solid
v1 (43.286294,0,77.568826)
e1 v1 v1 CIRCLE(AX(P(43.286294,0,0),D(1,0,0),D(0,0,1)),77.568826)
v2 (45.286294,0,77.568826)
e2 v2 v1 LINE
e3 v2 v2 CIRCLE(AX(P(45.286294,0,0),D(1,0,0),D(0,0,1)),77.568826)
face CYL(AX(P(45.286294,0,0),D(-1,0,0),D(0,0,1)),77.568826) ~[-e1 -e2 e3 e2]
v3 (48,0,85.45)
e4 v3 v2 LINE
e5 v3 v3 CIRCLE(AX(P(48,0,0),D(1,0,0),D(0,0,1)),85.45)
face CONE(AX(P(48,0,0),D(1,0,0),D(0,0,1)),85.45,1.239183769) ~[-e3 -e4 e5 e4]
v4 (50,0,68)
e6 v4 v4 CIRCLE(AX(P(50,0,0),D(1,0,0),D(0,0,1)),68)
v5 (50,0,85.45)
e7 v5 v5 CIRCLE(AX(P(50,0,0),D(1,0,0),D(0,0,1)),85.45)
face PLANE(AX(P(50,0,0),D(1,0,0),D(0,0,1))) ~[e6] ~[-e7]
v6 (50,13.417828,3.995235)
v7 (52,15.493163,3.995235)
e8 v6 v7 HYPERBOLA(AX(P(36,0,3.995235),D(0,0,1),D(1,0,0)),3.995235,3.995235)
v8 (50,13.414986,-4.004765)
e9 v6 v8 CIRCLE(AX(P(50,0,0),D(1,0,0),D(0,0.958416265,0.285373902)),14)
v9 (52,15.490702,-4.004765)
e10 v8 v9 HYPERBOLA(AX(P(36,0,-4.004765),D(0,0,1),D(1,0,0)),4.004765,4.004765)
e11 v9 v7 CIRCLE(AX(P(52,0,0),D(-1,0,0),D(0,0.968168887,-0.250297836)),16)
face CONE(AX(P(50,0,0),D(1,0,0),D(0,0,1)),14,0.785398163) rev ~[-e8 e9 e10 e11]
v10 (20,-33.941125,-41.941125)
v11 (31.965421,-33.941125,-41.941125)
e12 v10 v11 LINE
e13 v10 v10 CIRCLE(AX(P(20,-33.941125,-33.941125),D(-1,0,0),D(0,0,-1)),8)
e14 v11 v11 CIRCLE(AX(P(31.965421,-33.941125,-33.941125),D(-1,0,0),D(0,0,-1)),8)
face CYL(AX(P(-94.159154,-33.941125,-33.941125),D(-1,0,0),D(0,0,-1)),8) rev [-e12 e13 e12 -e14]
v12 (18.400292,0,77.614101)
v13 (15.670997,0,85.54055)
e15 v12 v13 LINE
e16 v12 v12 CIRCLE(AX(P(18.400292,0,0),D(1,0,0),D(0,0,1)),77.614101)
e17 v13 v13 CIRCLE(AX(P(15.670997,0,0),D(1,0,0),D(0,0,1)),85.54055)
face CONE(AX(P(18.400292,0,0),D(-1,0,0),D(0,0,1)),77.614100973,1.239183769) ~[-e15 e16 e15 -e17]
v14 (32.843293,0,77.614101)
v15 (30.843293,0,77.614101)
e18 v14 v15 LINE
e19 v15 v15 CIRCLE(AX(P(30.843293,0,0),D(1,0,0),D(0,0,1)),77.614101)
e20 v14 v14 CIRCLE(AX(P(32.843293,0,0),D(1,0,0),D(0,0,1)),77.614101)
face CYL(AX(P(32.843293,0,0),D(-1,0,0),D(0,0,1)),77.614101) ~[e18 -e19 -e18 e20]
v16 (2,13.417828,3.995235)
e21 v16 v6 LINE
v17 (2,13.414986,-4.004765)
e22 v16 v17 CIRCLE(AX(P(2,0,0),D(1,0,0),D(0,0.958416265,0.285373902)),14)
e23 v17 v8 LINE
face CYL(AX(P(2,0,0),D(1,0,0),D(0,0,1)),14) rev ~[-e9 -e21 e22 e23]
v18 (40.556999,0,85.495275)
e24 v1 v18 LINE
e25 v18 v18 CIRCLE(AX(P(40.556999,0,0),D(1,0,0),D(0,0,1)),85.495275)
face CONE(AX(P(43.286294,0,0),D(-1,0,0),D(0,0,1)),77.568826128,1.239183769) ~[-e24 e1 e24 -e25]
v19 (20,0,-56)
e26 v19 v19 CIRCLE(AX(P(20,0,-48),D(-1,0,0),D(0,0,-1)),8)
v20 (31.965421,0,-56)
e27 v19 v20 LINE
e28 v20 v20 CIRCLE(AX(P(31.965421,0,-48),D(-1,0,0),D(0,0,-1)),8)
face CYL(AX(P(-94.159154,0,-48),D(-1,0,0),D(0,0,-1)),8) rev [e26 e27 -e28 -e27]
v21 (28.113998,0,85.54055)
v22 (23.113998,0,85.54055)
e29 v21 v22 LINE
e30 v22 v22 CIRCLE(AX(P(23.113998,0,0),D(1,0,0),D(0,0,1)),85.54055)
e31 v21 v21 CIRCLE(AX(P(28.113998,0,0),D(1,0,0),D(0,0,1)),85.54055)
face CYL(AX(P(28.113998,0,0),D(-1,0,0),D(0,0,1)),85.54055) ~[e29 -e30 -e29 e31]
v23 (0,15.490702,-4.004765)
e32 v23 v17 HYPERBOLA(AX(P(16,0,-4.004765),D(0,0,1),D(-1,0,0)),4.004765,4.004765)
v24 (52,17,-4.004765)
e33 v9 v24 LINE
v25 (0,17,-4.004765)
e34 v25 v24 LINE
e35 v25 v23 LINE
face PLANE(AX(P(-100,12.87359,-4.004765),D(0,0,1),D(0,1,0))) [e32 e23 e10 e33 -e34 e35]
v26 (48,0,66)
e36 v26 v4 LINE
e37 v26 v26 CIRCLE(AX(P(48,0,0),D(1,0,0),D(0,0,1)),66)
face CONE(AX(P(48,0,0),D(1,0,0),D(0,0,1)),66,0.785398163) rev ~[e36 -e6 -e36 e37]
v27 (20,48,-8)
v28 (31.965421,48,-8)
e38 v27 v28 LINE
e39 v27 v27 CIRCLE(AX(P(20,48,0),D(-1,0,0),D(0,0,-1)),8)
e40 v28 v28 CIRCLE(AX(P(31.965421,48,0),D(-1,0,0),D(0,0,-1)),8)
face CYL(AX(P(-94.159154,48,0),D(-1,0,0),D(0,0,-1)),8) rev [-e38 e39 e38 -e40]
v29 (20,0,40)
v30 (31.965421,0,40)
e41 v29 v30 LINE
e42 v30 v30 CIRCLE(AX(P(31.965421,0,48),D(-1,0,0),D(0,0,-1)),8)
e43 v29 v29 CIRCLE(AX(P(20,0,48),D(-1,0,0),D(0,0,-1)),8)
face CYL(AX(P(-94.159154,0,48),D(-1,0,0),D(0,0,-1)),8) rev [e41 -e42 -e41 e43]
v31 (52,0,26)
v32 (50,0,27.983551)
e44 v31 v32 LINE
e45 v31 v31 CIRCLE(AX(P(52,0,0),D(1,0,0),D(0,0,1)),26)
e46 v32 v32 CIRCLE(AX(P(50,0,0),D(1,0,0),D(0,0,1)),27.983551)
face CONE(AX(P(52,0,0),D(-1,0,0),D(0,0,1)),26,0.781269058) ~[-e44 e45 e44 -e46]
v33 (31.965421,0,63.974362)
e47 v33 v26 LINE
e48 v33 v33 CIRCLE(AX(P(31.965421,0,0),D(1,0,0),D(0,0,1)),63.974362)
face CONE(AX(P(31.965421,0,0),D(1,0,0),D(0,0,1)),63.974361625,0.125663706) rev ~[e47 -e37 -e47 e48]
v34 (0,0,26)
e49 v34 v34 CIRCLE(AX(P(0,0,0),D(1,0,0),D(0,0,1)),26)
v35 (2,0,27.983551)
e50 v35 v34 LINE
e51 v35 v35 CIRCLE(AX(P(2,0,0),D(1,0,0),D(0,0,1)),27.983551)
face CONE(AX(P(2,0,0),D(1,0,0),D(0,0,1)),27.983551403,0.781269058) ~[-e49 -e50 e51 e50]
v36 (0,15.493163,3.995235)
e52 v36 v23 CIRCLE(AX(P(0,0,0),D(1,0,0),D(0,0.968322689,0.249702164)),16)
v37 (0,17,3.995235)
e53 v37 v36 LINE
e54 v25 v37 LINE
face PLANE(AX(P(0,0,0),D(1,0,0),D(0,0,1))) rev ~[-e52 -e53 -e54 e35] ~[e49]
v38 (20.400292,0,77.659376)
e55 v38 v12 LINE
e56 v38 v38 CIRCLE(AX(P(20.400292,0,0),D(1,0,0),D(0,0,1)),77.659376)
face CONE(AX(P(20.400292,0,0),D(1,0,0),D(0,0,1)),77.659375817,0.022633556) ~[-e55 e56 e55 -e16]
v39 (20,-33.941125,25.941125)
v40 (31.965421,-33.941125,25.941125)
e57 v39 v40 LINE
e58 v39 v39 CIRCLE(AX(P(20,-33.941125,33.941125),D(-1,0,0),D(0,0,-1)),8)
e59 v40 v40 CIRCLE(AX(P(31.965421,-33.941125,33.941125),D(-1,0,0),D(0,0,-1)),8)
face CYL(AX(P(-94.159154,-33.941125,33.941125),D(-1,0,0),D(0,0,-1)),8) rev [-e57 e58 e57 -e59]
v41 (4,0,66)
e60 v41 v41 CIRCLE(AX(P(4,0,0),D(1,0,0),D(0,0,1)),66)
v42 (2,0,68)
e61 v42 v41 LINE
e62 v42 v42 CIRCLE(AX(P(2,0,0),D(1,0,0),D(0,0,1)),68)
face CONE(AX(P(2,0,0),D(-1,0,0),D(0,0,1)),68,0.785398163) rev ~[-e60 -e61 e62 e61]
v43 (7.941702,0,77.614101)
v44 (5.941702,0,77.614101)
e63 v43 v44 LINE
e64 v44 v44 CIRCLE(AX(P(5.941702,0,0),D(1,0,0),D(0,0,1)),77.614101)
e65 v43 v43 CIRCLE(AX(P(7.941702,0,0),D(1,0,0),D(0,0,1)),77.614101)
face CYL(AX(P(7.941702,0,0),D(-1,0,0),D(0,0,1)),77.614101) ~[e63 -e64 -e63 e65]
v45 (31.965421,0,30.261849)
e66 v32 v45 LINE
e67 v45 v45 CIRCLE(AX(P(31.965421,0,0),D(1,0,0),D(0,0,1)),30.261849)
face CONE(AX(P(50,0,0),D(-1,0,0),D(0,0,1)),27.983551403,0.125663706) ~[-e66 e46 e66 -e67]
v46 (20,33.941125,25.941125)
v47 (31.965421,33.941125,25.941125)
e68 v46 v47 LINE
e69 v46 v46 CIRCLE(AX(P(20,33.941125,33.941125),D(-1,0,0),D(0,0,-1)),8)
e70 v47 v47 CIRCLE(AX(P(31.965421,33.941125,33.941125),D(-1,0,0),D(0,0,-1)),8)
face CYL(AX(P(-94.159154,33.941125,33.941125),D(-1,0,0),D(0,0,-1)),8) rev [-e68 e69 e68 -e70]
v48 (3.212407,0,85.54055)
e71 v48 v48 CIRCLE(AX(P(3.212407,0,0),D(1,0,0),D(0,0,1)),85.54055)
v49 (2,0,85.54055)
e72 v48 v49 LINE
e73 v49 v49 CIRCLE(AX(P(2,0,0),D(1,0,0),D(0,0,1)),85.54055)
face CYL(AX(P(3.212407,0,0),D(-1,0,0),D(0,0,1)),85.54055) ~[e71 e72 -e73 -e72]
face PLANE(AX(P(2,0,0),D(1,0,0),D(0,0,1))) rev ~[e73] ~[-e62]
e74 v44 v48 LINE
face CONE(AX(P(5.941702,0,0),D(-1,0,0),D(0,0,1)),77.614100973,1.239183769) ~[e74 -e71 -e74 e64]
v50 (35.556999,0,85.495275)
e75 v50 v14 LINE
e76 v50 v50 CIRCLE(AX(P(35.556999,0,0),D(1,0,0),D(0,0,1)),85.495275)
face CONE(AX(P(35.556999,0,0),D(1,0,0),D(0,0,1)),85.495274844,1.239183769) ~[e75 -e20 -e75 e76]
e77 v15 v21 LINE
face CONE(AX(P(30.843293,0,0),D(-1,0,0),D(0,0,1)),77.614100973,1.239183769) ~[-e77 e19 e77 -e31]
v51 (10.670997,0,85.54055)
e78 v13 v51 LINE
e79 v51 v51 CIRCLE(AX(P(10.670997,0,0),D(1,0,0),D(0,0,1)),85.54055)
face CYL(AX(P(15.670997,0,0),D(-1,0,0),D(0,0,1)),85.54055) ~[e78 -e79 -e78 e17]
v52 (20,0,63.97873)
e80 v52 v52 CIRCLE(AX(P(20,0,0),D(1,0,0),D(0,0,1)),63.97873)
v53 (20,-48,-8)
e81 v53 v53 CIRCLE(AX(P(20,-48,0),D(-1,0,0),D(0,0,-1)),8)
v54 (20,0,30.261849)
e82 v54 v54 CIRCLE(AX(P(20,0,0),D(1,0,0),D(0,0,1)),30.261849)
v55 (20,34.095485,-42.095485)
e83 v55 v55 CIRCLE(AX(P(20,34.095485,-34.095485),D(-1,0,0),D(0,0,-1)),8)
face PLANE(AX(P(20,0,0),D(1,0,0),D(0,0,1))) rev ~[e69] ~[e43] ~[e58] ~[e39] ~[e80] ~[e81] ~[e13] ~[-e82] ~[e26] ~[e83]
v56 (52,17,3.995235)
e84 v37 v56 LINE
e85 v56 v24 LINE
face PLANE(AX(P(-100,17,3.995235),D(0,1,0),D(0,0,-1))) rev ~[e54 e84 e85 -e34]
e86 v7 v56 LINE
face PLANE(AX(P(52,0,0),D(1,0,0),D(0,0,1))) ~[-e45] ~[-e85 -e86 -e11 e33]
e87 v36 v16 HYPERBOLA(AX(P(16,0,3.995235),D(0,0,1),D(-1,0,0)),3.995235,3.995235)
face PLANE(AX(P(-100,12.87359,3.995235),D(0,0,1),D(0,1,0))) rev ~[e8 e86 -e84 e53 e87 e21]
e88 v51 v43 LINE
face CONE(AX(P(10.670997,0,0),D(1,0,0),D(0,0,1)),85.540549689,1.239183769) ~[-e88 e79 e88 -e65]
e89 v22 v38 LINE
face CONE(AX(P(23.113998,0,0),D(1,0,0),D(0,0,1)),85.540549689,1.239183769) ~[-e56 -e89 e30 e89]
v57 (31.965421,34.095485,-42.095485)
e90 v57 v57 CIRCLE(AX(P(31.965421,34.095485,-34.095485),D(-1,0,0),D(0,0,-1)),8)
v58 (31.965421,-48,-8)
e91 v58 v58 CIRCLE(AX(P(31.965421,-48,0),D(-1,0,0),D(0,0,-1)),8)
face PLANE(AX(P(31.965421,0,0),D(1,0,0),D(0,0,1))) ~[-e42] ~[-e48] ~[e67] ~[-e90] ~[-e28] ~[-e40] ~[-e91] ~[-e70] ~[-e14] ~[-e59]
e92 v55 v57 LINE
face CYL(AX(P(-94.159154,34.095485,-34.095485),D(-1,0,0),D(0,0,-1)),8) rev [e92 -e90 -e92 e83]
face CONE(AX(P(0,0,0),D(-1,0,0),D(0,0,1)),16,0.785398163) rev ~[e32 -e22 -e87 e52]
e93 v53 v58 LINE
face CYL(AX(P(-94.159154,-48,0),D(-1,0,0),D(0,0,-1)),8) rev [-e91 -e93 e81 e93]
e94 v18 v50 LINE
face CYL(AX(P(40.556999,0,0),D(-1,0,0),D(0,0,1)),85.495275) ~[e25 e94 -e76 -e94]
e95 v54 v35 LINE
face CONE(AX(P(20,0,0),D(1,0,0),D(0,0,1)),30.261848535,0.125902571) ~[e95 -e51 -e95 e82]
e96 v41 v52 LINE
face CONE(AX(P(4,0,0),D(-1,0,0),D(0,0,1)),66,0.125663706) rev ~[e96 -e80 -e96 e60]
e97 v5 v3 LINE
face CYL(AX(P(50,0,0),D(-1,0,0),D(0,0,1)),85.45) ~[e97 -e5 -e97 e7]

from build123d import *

# Parameters (mm, degrees)
CUT_EXTRUDE_1_DEPTH      = 126.12457566
CUT_EXTRUDE_1_DEPTH_BACK = 126.12457566
SKETCH_3_R               = 8
CUT_EXTRUDE_7_DEPTH      = 132.675249315
CUT_EXTRUDE_7_DEPTH_BACK = 100
SKETCH_4_W               = 8
SKETCH_4_H               = 4.126409889


with BuildPart() as part:
    # 草图2 → 旋转1 (revolve)
    with BuildSketch(Plane.XY, mode=Mode.PRIVATE) as revolve_1_sk:
        Polygon((2, 27.983551403), (0, 26), (0, 16), (2, 14), (50, 14), (52, 16), (52, 26), (50, 27.983551403), (31.96542119, 30.261848535), (31.96542119, 63.974361625), (48, 66), (50, 68), (50, 85.45), (48, 85.45), (45.286294211, 77.568826128), (43.286294211, 77.568826128), (40.556999042, 85.495274844), (35.556999042, 85.495274844), (32.843293253, 77.614100973), (30.843293253, 77.614100973), (28.113998085, 85.540549689), (23.113998085, 85.540549689), (20.400292296, 77.659375817), (18.400292296, 77.614100973), (15.670997127, 85.540549689), (10.670997127, 85.540549689), (7.941701959, 77.614100973), (5.941701959, 77.614100973), (3.212406791, 85.540549689), (2, 85.540549689), (2, 68), (4, 66), (20, 63.978729945), (20, 30.261848535), align=None)
    revolve(revolve_1_sk.sketch.rotate(Axis((0, 0, 0), (1, 0, 0)), 90), axis=Axis((0, 0, 0), (1, 0, 0)))

    # 草图3 → 切除-拉伸1 (cut, two sides: drawn at the far end of the back side and taken through both)
    with BuildSketch(Plane(origin=(31.96542119, 0, 0), x_dir=(0, 0, -1), z_dir=(1, 0, 0)).offset(-CUT_EXTRUDE_1_DEPTH_BACK)):
        with Locations((34.095485037, 34.095485037)):
            Circle(SKETCH_3_R)
        with Locations((0, 48)):
            Circle(SKETCH_3_R)
        with Locations((-33.941125497, 33.941125497)):
            Circle(SKETCH_3_R)
        with Locations((-48, 0)):
            Circle(SKETCH_3_R)
        with Locations((0, -48)):
            Circle(SKETCH_3_R)
        with Locations((48, 0)):
            Circle(SKETCH_3_R)
        with Locations((33.941125497, -33.941125497)):
            Circle(SKETCH_3_R)
        with Locations((-33.941125497, -33.941125497)):
            Circle(SKETCH_3_R)
    extrude(amount=CUT_EXTRUDE_1_DEPTH + CUT_EXTRUDE_1_DEPTH_BACK, mode=Mode.SUBTRACT)

    # 草图4 → 切除-拉伸7 (cut, two sides: drawn at the far end of the back side and taken through both)
    with BuildSketch(Plane(origin=(0, 0, 0), x_dir=(0, 0, -1), z_dir=(1, 0, 0)).offset(-CUT_EXTRUDE_7_DEPTH_BACK)):
        with Locations((0.004765376, 14.936795055)):
            Rectangle(SKETCH_4_W, SKETCH_4_H)
    extrude(amount=CUT_EXTRUDE_7_DEPTH + CUT_EXTRUDE_7_DEPTH_BACK, mode=Mode.SUBTRACT)


solid = part.part
